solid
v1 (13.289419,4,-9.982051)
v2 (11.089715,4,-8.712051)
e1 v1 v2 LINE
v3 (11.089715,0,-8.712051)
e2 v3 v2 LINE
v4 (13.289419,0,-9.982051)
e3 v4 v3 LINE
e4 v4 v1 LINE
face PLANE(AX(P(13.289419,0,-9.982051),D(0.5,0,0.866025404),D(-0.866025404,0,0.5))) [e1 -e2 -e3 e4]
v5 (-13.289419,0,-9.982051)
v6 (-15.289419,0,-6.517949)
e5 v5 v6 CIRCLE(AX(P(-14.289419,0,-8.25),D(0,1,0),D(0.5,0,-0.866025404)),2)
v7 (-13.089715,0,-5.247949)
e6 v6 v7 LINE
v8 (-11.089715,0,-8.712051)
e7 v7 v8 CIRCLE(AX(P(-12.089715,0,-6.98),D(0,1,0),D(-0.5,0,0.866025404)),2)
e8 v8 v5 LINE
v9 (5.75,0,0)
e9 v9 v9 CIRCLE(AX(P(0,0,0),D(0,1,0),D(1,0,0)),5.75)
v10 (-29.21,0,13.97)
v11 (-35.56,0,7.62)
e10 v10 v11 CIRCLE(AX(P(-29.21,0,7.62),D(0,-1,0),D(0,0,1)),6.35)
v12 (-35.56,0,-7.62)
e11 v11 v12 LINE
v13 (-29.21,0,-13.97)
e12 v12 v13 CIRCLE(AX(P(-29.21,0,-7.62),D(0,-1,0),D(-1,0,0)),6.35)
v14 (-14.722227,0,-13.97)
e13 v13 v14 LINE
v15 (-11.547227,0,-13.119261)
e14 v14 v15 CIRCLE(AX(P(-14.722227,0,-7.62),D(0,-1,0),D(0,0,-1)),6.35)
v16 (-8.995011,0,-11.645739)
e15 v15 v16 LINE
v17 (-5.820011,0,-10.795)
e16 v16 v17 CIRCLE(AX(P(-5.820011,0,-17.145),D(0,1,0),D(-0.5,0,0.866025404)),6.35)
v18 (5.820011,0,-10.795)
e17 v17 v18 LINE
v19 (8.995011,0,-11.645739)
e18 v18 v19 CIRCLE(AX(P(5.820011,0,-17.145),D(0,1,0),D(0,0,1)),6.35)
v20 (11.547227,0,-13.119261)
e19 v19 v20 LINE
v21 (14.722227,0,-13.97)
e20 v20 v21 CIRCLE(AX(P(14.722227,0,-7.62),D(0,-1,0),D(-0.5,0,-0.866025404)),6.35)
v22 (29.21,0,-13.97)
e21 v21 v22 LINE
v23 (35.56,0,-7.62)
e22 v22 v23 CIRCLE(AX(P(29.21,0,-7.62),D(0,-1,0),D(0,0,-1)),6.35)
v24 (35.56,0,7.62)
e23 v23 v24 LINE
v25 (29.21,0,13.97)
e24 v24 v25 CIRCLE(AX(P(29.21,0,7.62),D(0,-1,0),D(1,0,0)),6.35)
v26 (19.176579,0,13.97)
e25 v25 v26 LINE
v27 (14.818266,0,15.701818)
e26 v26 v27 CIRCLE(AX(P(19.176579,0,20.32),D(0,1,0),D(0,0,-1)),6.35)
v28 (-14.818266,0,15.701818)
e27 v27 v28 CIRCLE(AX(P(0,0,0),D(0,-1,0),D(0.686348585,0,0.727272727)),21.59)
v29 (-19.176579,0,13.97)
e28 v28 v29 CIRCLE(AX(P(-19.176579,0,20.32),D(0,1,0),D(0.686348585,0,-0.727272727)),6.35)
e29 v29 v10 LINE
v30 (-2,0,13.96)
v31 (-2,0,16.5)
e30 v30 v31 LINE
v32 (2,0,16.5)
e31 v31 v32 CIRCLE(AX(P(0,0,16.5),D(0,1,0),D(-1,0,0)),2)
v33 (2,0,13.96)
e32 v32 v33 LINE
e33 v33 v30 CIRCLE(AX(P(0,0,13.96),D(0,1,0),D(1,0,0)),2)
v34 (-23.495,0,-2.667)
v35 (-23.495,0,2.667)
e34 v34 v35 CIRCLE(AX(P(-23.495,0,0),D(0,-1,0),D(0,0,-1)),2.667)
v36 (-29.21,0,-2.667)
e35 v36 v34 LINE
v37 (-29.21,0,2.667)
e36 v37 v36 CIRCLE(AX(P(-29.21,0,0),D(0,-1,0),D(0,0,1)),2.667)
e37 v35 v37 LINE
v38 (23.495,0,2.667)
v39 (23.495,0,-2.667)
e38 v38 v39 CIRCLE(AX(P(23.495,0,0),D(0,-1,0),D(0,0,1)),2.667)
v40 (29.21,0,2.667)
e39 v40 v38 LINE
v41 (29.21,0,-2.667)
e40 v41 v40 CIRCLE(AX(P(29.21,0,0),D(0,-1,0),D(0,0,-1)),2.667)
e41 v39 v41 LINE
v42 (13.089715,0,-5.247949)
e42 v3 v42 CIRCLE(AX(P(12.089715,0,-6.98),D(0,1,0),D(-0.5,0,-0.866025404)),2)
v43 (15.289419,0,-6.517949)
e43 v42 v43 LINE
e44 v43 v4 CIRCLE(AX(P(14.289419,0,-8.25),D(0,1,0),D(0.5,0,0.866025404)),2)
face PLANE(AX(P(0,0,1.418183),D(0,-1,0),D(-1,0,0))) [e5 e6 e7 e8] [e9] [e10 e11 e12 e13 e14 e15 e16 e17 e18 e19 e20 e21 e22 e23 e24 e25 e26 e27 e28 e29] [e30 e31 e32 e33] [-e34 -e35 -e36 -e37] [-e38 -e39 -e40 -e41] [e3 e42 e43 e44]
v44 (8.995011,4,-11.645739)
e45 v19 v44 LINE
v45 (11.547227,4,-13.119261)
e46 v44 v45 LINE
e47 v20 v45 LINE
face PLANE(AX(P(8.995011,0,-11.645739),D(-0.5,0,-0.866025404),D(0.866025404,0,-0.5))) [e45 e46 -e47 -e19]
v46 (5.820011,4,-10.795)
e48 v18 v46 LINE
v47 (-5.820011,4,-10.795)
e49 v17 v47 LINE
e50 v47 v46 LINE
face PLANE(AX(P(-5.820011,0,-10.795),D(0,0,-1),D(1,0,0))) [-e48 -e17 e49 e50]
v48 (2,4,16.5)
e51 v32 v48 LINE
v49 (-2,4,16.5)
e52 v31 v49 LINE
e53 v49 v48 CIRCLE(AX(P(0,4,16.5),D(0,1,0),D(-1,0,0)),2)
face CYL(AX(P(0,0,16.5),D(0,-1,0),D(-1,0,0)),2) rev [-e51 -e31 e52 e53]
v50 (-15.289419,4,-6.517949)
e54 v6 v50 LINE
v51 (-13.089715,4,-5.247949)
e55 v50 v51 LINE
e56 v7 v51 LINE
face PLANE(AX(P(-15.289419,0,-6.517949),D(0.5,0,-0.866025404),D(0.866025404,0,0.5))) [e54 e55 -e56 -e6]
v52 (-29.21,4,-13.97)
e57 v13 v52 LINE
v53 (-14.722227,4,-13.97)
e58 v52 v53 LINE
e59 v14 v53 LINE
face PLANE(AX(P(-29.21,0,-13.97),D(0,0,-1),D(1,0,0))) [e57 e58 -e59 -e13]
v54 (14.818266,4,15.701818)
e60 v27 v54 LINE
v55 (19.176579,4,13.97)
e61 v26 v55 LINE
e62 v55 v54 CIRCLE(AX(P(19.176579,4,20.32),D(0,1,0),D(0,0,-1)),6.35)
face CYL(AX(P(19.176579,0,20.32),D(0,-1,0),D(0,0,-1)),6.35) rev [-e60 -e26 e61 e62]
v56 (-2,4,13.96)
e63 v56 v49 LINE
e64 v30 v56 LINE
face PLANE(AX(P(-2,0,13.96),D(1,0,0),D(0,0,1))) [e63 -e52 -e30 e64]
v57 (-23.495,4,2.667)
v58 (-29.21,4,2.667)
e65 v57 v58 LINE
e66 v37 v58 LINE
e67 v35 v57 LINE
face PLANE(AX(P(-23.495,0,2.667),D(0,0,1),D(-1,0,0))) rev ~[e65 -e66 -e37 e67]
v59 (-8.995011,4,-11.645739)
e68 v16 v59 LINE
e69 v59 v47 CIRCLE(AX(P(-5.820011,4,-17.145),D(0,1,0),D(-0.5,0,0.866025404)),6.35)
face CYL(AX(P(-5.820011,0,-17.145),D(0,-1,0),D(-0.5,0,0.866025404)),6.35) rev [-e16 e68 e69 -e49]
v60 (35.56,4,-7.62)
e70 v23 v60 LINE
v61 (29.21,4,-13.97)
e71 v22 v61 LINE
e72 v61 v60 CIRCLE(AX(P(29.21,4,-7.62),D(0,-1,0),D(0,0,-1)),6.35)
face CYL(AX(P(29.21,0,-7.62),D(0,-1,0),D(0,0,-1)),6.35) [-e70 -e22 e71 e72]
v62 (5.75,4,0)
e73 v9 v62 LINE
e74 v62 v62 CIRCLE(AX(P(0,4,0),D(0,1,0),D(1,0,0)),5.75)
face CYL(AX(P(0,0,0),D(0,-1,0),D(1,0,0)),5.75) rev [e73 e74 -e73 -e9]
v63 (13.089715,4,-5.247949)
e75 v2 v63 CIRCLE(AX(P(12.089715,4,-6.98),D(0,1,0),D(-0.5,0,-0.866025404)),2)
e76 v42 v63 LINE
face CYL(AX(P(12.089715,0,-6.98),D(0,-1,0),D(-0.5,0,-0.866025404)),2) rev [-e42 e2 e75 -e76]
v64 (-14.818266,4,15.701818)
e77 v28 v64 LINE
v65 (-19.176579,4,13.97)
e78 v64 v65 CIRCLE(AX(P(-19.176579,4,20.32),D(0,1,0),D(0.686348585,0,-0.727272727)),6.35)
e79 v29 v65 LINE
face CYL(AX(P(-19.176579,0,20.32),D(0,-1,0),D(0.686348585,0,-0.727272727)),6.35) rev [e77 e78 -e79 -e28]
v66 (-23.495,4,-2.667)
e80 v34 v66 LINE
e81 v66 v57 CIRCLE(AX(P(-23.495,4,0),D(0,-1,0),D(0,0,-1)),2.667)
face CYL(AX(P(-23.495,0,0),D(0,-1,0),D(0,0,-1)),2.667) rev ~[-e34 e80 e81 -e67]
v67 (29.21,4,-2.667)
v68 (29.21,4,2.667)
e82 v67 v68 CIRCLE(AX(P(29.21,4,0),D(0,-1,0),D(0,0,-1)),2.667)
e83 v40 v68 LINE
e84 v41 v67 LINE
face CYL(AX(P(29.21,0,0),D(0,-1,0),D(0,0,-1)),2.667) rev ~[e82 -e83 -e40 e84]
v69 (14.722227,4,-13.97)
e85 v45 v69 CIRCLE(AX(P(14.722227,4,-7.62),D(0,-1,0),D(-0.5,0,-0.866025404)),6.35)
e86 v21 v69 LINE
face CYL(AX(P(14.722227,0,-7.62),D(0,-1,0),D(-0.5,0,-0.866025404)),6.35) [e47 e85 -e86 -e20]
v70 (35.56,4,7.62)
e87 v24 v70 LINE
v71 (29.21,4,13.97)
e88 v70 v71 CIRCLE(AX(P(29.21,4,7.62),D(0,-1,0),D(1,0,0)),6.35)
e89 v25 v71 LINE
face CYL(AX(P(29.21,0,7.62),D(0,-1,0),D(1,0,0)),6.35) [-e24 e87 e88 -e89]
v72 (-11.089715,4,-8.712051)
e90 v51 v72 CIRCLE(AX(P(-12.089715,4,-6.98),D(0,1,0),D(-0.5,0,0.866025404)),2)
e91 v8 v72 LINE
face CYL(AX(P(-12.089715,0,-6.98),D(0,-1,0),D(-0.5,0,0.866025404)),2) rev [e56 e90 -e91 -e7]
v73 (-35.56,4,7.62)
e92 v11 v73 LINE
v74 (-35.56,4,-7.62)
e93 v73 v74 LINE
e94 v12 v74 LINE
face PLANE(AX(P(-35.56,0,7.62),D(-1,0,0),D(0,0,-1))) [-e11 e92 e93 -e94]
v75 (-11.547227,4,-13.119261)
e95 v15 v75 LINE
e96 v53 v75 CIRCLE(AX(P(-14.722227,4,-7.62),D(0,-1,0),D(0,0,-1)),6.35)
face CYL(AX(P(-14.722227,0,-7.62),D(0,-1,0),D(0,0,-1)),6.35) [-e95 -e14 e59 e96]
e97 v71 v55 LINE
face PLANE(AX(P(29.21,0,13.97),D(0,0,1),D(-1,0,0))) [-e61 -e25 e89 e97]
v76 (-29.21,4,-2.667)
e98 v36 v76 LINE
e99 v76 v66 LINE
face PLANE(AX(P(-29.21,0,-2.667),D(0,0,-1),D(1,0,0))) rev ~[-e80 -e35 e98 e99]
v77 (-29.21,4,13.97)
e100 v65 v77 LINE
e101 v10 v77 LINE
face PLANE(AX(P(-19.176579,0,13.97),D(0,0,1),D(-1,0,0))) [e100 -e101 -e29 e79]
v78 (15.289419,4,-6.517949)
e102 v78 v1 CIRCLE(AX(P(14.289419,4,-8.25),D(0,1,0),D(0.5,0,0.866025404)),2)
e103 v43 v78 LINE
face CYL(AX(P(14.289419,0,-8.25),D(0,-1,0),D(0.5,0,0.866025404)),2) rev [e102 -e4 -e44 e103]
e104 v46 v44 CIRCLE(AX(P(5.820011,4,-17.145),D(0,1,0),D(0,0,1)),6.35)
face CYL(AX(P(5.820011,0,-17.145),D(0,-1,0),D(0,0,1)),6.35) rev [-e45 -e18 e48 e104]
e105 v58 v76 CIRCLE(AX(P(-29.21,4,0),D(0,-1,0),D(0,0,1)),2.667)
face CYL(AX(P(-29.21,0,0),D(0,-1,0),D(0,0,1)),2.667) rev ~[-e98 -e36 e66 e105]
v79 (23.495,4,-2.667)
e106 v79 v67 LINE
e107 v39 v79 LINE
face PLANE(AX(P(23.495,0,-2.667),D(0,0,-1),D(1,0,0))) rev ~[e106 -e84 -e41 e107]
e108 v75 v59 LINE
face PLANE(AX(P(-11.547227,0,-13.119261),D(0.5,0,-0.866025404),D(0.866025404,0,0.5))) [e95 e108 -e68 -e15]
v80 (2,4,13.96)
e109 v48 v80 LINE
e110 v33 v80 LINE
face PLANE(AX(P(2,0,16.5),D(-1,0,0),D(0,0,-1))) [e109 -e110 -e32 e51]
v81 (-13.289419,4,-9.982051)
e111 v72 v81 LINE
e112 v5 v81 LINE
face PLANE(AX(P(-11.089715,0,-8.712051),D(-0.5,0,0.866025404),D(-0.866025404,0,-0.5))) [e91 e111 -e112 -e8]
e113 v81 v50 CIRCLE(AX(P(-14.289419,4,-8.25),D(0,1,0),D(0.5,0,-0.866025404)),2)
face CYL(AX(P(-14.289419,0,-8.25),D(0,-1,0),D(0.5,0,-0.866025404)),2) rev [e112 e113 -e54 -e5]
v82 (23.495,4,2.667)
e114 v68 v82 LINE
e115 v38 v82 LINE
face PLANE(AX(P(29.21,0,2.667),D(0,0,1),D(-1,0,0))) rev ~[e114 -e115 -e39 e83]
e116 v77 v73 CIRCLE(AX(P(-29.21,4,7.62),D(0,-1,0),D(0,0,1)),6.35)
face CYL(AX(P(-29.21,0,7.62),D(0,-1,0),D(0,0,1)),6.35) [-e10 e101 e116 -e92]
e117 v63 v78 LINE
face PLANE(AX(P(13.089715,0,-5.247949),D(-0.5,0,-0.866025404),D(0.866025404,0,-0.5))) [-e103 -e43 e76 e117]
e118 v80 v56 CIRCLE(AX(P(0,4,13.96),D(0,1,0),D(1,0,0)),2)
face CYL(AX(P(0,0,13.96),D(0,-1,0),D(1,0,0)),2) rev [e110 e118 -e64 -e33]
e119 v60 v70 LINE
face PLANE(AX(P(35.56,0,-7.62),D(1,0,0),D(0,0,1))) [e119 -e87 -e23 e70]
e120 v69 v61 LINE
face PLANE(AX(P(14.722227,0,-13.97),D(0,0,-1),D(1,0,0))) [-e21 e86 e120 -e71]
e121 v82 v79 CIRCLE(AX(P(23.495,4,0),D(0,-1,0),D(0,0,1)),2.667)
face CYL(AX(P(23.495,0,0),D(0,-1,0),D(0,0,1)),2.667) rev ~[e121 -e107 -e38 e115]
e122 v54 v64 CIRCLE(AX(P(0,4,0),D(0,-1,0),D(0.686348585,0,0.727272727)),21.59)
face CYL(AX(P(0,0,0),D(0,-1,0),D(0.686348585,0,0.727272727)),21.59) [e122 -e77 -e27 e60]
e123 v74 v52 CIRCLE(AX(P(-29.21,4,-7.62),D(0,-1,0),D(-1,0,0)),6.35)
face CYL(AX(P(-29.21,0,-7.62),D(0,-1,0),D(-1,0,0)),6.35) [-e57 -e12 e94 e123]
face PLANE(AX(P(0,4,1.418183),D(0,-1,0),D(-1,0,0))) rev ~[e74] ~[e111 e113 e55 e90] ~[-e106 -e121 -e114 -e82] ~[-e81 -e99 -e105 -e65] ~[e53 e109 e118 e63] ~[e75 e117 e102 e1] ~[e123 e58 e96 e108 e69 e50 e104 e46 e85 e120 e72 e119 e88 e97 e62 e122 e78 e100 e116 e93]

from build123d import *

# Parameters (mm, degrees)
SKETCH1_R           = 5.75
BOSS_EXTRUDE1_DEPTH = 4


with BuildPart() as part:
    # Sketch1 → Boss-Extrude1 (new body)
    with BuildSketch(Plane(origin=(0, 0, 0), x_dir=(1, 0, 0), z_dir=(0, 1, 0))):
        with BuildLine():
            Line((14.722227154, 13.97), (29.21, 13.97))
            ThreePointArc((29.21, 13.97), (33.700128061, 12.110128061), (35.56, 7.62))
            Line((35.56, 7.62), (35.56, -7.62))
            ThreePointArc((35.56, -7.62), (33.700128061, -12.110128061), (29.21, -13.97))
            Line((29.21, -13.97), (19.176579466, -13.97))
            ThreePointArc((19.176579466, -13.97), (16.831686562, -14.418815604), (14.818265951, -15.701818182))
            ThreePointArc((14.818265951, -15.701818182), (0, -21.59), (-14.818265951, -15.701818182))
            ThreePointArc((-14.818265951, -15.701818182), (-16.831686562, -14.418815604), (-19.176579466, -13.97))
            Line((-19.176579466, -13.97), (-29.21, -13.97))
            ThreePointArc((-29.21, -13.97), (-33.700128061, -12.110128061), (-35.56, -7.62))
            Line((-35.56, -7.62), (-35.56, 7.62))
            ThreePointArc((-35.56, 7.62), (-33.700128061, 12.110128061), (-29.21, 13.97))
            Line((-29.21, 13.97), (-14.722227154, 13.97))
            ThreePointArc((-14.722227154, 13.97), (-13.078726217, 13.753628997), (-11.547227154, 13.119261314))
            Line((-11.547227154, 13.119261314), (-8.995011096, 11.645738686))
            ThreePointArc((-8.995011096, 11.645738686), (-7.463512032, 11.011371003), (-5.820011096, 10.795))
            Line((-5.820011096, 10.795), (5.820011096, 10.795))
            ThreePointArc((5.820011096, 10.795), (7.463512032, 11.011371003), (8.995011096, 11.645738686))
            Line((8.995011096, 11.645738686), (11.547227154, 13.119261314))
            ThreePointArc((11.547227154, 13.119261314), (13.078726217, 13.753628997), (14.722227154, 13.97))
        make_face()
        Circle(SKETCH1_R, mode=Mode.SUBTRACT)
        with BuildLine():
            Line((-23.495, -2.667), (-29.21, -2.667))
            ThreePointArc((-29.21, -2.667), (-31.877, 0), (-29.21, 2.667))
            Line((-29.21, 2.667), (-23.495, 2.667))
            ThreePointArc((-23.495, 2.667), (-20.828, 0), (-23.495, -2.667))
        make_face(mode=Mode.SUBTRACT)
        with BuildLine():
            Line((23.495, 2.667), (29.21, 2.667))
            ThreePointArc((29.21, 2.667), (31.877, 0), (29.21, -2.667))
            Line((29.21, -2.667), (23.495, -2.667))
            ThreePointArc((23.495, -2.667), (20.828, 0), (23.495, 2.667))
        make_face(mode=Mode.SUBTRACT)
        with BuildLine():
            Line((-15.289419162, 6.517949192), (-13.089714637, 5.247949192))
            ThreePointArc((-13.089714637, 5.247949192), (-10.357663829, 5.98), (-11.089714637, 8.712050808))
            Line((-11.089714637, 8.712050808), (-13.289419162, 9.982050808))
            ThreePointArc((-13.289419162, 9.982050808), (-16.02146997, 9.25), (-15.289419162, 6.517949192))
        make_face(mode=Mode.SUBTRACT)
        with BuildLine():
            Line((13.289419162, 9.982050808), (11.089714637, 8.712050808))
            ThreePointArc((11.089714637, 8.712050808), (10.357663829, 5.98), (13.089714637, 5.247949192))
            Line((13.089714637, 5.247949192), (15.289419162, 6.517949192))
            ThreePointArc((15.289419162, 6.517949192), (16.02146997, 9.25), (13.289419162, 9.982050808))
        make_face(mode=Mode.SUBTRACT)
        with BuildLine():
            Line((2, -16.5), (2, -13.96))
            ThreePointArc((2, -13.96), (0, -11.96), (-2, -13.96))
            Line((-2, -13.96), (-2, -16.5))
            ThreePointArc((-2, -16.5), (0, -18.5), (2, -16.5))
        make_face(mode=Mode.SUBTRACT)
    extrude(amount=BOSS_EXTRUDE1_DEPTH)


solid = part.part
